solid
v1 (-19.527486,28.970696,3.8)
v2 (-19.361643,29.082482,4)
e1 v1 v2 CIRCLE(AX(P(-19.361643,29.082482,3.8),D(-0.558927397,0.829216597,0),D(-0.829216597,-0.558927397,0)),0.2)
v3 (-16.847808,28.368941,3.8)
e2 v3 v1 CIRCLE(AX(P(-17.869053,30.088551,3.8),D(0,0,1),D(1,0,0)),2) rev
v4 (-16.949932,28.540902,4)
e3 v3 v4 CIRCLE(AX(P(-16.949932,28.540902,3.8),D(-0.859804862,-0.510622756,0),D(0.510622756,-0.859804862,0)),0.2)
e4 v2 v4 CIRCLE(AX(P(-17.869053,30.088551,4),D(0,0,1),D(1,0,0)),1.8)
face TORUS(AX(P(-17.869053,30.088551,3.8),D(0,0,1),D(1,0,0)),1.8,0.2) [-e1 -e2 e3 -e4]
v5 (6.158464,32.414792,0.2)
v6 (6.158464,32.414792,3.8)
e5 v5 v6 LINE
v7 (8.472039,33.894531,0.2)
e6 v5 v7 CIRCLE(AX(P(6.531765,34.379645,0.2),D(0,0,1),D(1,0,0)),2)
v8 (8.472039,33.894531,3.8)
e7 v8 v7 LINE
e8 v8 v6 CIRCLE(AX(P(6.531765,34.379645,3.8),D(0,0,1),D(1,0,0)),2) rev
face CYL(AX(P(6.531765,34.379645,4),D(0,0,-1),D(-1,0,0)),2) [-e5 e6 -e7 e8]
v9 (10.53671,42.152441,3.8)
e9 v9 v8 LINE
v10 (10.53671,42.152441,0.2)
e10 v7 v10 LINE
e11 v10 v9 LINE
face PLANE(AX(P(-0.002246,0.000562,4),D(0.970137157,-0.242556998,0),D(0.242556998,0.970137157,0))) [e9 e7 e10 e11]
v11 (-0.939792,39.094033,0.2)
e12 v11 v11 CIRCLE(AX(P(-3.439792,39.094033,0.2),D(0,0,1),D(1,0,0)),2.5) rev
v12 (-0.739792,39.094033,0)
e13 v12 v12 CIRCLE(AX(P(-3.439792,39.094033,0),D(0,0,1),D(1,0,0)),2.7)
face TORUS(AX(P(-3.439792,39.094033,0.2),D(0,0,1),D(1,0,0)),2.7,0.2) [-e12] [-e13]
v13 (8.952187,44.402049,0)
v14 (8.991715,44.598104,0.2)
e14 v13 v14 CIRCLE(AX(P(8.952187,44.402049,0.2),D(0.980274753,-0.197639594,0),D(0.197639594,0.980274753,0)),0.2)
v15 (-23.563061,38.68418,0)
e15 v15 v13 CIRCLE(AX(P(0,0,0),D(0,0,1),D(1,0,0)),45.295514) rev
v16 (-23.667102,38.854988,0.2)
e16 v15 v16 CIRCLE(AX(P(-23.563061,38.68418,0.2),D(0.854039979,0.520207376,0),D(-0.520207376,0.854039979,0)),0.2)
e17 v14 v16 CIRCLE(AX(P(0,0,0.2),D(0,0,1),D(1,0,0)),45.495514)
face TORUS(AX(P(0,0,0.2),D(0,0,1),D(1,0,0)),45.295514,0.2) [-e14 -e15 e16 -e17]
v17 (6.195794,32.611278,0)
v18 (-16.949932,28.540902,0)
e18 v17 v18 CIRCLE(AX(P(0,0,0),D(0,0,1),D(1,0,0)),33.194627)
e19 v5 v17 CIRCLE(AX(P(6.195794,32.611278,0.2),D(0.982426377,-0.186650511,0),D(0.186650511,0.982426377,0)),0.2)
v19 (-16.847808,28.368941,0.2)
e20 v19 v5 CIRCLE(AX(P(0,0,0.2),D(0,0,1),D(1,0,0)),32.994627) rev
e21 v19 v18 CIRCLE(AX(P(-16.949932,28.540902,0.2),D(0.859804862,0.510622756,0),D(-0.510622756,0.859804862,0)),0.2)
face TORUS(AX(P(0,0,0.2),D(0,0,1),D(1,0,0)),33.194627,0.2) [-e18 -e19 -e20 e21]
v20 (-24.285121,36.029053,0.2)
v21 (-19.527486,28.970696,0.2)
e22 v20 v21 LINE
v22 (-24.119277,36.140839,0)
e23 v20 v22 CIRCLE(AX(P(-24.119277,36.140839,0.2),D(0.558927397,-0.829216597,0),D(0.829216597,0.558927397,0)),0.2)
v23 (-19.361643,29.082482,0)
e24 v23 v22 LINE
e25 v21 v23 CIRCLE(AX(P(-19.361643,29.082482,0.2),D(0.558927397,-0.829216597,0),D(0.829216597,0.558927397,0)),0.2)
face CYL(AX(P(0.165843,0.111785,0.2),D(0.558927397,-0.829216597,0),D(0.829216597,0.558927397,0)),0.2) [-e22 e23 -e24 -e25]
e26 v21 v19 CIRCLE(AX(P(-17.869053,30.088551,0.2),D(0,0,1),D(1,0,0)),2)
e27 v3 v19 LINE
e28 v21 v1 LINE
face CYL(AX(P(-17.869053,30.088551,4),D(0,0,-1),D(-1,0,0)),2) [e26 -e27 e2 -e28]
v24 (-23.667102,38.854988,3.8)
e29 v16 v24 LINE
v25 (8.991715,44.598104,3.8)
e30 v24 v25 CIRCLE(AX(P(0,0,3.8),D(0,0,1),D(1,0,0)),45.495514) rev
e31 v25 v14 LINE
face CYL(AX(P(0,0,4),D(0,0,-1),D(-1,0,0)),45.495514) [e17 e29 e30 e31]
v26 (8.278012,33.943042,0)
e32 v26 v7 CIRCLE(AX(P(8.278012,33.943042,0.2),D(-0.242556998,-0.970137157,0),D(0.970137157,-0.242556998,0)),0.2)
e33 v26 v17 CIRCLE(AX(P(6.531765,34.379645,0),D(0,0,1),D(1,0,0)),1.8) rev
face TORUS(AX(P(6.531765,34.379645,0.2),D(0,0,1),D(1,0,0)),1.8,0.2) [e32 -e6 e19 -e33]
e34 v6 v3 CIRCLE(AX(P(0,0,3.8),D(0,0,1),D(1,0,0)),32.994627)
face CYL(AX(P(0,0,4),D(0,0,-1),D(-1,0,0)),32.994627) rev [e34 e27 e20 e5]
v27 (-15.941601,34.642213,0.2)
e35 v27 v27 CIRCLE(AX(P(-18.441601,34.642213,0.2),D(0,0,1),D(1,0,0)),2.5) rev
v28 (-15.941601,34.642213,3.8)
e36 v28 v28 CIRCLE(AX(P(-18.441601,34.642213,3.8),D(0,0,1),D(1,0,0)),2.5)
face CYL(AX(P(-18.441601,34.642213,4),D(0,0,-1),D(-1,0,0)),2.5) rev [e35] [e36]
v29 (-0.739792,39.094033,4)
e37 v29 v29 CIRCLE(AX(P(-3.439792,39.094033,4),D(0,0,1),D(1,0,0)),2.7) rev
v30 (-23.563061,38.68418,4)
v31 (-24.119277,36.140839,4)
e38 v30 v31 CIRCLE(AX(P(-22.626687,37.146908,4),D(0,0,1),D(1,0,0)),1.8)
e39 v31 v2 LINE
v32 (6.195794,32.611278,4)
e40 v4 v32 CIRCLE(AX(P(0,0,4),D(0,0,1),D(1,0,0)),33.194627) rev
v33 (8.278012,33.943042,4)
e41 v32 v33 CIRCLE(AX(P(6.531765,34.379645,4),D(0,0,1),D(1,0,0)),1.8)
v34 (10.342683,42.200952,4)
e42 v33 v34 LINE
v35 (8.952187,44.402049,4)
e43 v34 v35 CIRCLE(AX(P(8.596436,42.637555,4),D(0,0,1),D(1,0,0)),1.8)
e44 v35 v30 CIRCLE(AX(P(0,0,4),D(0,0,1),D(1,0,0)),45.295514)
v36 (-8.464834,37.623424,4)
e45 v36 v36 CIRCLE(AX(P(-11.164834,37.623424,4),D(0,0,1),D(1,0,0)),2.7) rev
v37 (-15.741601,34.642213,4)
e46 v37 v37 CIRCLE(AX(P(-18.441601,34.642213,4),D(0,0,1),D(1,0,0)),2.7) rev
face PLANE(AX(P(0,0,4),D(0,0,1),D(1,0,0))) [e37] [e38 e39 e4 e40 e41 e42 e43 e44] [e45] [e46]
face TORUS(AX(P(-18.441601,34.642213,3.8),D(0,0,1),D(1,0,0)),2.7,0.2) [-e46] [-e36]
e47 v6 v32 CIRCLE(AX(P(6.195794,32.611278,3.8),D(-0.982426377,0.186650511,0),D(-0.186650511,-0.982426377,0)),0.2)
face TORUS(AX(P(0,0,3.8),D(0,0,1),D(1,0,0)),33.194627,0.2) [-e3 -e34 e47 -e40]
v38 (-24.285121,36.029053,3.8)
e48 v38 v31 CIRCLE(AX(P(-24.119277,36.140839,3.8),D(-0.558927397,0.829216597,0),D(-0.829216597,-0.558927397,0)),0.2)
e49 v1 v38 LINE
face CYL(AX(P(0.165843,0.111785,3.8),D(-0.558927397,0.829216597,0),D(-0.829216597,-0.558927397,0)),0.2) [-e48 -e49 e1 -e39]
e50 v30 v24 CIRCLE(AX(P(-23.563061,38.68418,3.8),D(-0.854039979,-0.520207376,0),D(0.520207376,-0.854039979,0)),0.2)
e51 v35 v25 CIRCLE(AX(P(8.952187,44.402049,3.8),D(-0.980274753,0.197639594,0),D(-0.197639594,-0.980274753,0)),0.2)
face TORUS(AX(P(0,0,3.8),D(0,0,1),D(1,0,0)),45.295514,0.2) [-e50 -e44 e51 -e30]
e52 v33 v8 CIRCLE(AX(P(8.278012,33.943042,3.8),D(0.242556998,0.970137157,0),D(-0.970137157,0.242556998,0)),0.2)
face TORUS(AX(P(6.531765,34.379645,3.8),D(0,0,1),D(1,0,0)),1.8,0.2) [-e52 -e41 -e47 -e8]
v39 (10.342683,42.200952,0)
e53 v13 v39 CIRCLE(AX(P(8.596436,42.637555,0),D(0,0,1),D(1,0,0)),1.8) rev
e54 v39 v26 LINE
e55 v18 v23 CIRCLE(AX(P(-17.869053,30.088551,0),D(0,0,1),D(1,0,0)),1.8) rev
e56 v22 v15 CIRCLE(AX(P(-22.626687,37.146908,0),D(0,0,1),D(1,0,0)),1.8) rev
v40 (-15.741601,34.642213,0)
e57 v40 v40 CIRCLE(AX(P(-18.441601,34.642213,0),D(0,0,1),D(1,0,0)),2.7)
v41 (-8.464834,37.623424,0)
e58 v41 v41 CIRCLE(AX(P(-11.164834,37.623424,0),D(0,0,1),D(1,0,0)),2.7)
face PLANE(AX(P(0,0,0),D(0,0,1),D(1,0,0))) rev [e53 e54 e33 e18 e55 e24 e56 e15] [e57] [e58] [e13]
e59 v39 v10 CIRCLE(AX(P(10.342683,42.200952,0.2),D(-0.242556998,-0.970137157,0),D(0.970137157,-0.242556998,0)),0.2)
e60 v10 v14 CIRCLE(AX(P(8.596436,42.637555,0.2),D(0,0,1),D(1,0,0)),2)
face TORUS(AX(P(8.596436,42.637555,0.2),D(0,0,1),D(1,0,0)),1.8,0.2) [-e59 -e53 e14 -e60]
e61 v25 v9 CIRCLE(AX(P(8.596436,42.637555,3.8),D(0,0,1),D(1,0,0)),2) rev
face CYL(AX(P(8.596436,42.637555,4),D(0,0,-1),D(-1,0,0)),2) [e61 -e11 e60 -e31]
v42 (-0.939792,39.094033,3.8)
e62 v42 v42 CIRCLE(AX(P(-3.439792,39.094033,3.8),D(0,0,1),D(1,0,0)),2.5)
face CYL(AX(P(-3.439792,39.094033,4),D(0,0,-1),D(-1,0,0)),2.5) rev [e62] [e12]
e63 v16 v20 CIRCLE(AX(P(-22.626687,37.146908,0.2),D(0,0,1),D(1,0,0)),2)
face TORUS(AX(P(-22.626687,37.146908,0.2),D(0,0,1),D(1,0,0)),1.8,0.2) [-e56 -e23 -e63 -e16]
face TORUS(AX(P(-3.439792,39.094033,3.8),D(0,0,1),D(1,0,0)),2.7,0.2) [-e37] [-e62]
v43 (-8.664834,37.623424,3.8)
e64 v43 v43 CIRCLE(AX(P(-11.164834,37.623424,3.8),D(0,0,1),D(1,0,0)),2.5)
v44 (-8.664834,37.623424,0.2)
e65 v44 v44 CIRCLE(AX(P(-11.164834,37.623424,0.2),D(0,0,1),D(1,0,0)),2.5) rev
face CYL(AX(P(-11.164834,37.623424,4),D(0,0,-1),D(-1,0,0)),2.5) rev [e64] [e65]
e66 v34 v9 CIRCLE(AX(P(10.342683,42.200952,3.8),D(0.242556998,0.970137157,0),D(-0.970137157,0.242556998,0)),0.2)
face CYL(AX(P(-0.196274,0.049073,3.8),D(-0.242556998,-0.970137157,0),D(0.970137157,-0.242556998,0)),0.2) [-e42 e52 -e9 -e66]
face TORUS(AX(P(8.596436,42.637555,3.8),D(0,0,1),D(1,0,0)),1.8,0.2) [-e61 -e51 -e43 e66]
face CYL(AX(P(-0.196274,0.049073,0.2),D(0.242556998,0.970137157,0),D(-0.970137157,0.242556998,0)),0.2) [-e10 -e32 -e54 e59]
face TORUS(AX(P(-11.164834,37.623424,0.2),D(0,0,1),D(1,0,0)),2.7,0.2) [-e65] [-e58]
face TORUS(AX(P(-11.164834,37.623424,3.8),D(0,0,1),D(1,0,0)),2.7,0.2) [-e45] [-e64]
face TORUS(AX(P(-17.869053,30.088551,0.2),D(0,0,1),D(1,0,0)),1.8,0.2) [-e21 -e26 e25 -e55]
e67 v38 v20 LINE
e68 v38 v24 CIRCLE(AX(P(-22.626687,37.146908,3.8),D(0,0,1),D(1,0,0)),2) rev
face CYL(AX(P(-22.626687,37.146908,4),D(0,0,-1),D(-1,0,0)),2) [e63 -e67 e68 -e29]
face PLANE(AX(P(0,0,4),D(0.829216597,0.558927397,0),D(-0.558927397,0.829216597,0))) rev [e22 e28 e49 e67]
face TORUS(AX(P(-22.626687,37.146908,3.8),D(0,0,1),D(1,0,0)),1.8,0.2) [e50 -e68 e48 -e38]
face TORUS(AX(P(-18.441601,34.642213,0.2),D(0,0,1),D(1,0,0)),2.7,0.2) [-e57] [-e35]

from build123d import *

# Parameters (mm, degrees)
SCHIZZO1_R                   = 2.5
ESTRUSIONE_ESTRUSIONE1_DEPTH = 4
RACCORDO1_R                  = 2
RACCORDO2_R                  = 0.2


with BuildPart() as part:
    # Schizzo1 → Estrusione-Estrusione1 (new body)
    with BuildSketch(Plane.XY):
        with BuildLine():
            Line((11.033009039, 44.137450458), (8.000831447, 32.009875619))
            ThreePointArc((8.000831447, 32.009875619), (-5.714758863, 32.495953165), (-18.441601255, 27.359692691))
            Line((-18.441601255, 27.359692691), (-25.428689404, 37.725635535))
            ThreePointArc((-25.428689404, 37.725635535), (-7.879514321, 44.807980042), (11.033009039, 44.137450458))
        make_face()
        with Locations((-3.439792426, 39.094033001)):
            Circle(SCHIZZO1_R, mode=Mode.SUBTRACT)
        with Locations((-11.164834184, 37.62342443)):
            Circle(SCHIZZO1_R, mode=Mode.SUBTRACT)
        with Locations((-18.441601255, 34.642213142)):
            Circle(SCHIZZO1_R, mode=Mode.SUBTRACT)
    extrude(amount=ESTRUSIONE_ESTRUSIONE1_DEPTH)

    # Raccordo1
    raccordo1_edges = [part.edges().sort_by_distance(p)[0] for p in [
        (8.000831447, 32.009875619, 2),
        (-18.441601255, 27.359692691, 2),
        (-25.428689404, 37.725635535, 2),
        (11.033009039, 44.137450458, 2),
    ]]
    fillet(raccordo1_edges, radius=RACCORDO1_R)

    # Raccordo2
    raccordo2_edges = [part.edges().sort_by_distance(p)[0] for p in [
        (-20.941601255, 34.642213142, 0),
        (-13.664834184, 37.62342443, 0),
        (-5.939792426, 39.094033001, 0),
        (-13.664834184, 37.62342443, 4),
        (-20.941601255, 34.642213142, 4),
        (-5.714695459, 32.495964315, 0),
        (-5.714695459, 32.495964315, 4),
        (9.504374759, 38.023485803, 0),
        (-21.906303429, 32.499874688, 0),
        (-7.879568016, 44.807970599, 0),
        (-24.580509728, 37.574199755, 0),
        (10.287299472, 43.705721167, 0),
        (7.609381939, 32.694788408, 0),
        (-18.307264578, 28.137148594, 0),
        (-21.906303429, 32.499874688, 4),
        (9.504374759, 38.023485803, 4),
        (-7.879568016, 44.807970599, 4),
        (-24.580509728, 37.574199755, 4),
        (10.287299472, 43.705721167, 4),
        (7.609381939, 32.694788408, 4),
        (-18.307264578, 28.137148594, 4),
        (-5.939792426, 39.094033001, 4),
    ]]
    fillet(raccordo2_edges, radius=RACCORDO2_R)


solid = part.part
